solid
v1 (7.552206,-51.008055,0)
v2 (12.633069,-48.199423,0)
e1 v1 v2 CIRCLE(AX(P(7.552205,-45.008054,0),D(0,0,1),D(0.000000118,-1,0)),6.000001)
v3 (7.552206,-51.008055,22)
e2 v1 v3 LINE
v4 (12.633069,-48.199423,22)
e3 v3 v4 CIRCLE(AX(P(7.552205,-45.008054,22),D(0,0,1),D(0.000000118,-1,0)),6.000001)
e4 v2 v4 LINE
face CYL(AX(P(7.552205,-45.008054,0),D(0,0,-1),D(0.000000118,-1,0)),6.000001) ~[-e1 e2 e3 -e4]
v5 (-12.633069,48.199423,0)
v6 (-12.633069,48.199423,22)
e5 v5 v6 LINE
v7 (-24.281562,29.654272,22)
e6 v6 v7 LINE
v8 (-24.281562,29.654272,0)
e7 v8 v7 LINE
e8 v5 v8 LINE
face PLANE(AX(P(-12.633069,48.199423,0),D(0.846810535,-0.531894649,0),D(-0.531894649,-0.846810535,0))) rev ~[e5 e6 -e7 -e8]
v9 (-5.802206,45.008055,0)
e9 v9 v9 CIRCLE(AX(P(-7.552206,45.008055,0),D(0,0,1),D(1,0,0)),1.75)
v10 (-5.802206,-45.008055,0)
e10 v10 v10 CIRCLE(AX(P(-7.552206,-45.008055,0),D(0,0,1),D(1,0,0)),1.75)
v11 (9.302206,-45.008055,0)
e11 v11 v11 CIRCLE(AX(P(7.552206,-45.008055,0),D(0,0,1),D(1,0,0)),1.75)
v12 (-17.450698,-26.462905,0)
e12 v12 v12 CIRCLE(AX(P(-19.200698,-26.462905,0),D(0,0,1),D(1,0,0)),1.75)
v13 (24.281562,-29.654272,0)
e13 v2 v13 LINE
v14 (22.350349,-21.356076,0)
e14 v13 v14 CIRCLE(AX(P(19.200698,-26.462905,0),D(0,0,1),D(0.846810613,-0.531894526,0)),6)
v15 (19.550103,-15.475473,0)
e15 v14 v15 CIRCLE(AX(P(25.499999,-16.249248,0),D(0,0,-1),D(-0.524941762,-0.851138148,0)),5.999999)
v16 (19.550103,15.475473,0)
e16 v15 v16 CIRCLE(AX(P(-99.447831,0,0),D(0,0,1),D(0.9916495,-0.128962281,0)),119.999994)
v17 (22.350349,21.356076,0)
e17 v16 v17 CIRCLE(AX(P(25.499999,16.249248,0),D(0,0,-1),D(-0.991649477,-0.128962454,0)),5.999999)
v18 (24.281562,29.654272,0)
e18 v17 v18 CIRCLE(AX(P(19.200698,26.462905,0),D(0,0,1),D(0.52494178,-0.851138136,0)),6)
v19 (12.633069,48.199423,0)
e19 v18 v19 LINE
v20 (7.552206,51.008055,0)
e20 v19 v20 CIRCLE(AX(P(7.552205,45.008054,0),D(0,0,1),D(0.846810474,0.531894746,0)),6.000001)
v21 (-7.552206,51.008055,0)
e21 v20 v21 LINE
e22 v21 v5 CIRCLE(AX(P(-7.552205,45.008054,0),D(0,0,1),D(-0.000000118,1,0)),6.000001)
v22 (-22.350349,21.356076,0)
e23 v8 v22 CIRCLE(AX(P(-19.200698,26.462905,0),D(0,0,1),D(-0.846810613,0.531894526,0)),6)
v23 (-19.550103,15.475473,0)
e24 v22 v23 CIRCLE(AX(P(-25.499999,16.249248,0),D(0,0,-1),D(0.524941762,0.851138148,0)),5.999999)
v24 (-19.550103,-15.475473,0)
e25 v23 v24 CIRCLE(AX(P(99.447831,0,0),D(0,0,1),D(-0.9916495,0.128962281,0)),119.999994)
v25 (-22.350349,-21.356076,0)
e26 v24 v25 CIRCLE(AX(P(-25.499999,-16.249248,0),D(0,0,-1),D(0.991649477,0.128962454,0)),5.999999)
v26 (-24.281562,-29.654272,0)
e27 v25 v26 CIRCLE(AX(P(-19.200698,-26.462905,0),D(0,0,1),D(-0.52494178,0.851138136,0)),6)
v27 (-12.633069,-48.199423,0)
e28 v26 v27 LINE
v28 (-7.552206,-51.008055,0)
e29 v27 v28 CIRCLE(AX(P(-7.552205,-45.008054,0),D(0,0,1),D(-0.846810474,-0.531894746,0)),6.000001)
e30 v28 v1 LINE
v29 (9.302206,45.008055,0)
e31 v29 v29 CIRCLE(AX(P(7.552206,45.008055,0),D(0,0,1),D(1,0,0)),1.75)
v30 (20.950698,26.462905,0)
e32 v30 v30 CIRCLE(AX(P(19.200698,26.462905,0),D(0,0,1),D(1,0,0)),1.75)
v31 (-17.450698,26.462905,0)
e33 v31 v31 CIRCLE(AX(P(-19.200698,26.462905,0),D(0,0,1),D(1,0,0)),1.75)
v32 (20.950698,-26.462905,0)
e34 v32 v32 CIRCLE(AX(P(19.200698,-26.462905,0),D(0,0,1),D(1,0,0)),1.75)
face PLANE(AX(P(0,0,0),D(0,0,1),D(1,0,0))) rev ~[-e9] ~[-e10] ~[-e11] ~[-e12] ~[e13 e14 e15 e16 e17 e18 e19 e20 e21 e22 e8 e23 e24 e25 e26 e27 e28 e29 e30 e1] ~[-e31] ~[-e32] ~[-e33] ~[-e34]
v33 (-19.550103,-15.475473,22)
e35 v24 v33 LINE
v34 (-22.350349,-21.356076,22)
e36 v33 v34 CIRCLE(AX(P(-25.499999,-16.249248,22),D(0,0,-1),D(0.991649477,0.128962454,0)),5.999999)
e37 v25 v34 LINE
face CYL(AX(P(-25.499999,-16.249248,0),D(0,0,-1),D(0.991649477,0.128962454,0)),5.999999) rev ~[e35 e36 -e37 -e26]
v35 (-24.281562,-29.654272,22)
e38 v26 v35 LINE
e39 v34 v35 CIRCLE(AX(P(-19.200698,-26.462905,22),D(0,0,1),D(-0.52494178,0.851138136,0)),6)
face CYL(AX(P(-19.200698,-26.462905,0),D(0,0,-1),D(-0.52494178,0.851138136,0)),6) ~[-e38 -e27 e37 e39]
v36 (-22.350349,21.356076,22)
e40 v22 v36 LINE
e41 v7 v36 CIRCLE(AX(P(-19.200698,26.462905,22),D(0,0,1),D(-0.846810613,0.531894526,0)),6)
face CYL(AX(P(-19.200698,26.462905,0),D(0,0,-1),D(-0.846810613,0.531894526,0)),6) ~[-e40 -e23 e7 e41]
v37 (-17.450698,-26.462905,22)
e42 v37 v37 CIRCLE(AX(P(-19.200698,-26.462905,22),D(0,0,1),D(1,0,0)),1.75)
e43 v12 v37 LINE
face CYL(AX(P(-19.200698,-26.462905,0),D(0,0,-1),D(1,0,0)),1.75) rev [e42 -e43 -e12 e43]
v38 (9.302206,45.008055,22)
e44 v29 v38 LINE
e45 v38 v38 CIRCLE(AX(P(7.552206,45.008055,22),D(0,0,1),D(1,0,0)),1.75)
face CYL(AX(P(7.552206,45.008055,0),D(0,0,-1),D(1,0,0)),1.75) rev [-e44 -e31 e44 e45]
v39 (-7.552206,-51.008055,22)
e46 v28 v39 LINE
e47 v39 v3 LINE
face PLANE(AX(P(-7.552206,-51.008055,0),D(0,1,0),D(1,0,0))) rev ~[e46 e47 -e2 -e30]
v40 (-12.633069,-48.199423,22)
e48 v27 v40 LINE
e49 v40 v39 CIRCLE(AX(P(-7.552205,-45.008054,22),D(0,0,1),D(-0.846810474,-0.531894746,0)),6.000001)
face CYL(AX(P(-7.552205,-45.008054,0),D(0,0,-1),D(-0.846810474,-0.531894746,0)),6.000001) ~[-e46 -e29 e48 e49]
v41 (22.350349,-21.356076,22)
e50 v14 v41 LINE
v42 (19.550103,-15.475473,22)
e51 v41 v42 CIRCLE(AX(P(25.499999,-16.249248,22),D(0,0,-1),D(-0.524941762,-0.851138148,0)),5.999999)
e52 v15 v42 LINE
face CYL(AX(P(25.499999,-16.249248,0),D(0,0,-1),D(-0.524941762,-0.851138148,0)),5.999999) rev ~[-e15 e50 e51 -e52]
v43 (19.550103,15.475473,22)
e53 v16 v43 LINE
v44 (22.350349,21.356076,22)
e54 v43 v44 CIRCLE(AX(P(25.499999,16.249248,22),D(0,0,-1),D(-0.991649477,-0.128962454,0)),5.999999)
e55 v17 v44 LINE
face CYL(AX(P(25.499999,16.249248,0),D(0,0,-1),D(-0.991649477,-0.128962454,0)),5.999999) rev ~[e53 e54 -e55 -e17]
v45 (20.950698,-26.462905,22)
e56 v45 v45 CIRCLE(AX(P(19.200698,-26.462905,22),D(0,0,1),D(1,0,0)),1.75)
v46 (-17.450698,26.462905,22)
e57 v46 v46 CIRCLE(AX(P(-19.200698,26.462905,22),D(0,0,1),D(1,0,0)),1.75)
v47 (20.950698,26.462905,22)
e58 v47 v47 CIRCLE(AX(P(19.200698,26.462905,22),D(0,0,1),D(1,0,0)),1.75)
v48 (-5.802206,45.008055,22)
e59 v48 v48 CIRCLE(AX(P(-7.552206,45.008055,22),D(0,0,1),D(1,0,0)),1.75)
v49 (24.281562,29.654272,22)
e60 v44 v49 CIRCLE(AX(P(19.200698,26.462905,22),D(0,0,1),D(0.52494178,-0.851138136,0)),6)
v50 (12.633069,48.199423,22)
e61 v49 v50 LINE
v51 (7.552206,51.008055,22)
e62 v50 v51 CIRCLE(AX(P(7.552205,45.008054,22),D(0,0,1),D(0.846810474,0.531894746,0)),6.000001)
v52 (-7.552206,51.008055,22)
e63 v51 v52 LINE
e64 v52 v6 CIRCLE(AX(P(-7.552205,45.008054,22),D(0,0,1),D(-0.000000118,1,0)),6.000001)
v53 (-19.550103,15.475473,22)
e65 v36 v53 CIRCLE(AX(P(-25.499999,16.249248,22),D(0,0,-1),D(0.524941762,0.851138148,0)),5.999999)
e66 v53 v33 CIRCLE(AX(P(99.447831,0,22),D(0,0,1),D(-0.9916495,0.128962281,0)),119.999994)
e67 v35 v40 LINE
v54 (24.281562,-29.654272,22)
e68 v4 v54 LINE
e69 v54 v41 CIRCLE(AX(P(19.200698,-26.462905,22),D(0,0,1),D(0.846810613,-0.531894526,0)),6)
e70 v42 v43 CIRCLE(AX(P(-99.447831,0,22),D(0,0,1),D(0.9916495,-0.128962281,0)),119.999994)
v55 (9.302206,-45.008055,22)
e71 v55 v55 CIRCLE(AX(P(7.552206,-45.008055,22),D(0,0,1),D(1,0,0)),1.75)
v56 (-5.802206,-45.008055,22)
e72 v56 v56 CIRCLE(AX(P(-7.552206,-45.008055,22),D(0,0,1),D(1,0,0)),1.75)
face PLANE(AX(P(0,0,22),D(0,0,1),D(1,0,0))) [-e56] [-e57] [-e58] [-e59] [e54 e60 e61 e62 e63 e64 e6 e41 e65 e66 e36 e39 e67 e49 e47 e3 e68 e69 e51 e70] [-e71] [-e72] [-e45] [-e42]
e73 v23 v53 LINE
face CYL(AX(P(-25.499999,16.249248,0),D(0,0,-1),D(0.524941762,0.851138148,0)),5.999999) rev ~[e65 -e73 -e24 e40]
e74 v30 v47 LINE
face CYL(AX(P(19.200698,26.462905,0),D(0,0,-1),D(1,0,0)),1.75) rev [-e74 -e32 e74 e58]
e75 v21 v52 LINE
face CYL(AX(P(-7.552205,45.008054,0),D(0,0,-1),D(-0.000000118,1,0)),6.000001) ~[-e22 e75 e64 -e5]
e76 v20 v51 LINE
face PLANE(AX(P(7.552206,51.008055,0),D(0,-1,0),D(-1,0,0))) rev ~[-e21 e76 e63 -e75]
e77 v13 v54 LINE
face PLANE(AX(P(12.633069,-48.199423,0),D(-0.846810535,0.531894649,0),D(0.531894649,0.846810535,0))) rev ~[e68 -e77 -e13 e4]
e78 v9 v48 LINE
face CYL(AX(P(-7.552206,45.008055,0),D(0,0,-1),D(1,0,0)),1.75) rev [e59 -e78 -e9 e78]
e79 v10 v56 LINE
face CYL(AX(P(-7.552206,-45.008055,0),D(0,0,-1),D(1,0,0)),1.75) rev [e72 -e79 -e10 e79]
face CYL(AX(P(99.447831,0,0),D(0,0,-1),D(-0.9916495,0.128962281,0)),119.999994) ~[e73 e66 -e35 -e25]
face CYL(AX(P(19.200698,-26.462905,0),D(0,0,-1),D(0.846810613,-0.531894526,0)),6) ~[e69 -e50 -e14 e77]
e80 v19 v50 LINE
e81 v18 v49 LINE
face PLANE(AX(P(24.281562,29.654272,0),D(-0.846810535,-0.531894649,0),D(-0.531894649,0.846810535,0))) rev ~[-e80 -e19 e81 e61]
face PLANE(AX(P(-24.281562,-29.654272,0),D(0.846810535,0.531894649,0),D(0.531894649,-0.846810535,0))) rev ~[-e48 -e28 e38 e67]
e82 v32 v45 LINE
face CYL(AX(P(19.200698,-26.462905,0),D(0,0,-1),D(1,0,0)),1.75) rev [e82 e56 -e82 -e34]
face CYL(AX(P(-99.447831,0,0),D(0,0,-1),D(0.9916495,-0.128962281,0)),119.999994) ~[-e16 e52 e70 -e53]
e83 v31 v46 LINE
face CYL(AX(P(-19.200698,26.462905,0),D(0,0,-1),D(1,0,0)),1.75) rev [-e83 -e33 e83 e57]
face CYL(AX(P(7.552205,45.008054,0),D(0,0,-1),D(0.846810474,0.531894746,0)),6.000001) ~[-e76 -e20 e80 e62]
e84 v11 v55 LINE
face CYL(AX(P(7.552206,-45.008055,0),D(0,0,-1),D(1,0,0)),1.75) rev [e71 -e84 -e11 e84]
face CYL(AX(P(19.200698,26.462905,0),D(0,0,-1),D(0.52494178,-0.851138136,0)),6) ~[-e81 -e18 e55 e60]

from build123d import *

# Parameters (mm, degrees)
F2_R     = 1.75
F3_DEPTH = 22


with BuildPart() as f3:
    # F2 (on Top) → F3 (new body)
    with BuildSketch(Plane.XY):
        with BuildLine():
            ThreePointArc((-22.350349, -21.356076), (-25.044529, -25.102889), (-24.281562, -29.654272))
            Line((-24.281562, -29.654272), (-12.633069, -48.199423))
            ThreePointArc((-12.633069, -48.199423), (-10.454945, -50.25916), (-7.552206, -51.008055))
            Line((-7.552206, -51.008055), (7.552206, -51.008055))
            ThreePointArc((7.552206, -51.008055), (10.454945, -50.25916), (12.633069, -48.199423))
            Line((12.633069, -48.199423), (24.281562, -29.654272))
            ThreePointArc((24.281562, -29.654272), (25.044529, -25.102889), (22.350349, -21.356076))
            ThreePointArc((22.350349, -21.356076), (20.082822, -18.828818), (19.550103, -15.475473))
            ThreePointArc((19.550103, -15.475473), (20.552163, 0), (19.550103, 15.475473))
            ThreePointArc((19.550103, 15.475473), (20.082822, 18.828818), (22.350349, 21.356076))
            ThreePointArc((22.350349, 21.356076), (25.044529, 25.102889), (24.281562, 29.654272))
            Line((24.281562, 29.654272), (12.633069, 48.199423))
            ThreePointArc((12.633069, 48.199423), (10.454945, 50.25916), (7.552206, 51.008055))
            Line((7.552206, 51.008055), (-7.552206, 51.008055))
            ThreePointArc((-7.552206, 51.008055), (-10.454945, 50.25916), (-12.633069, 48.199423))
            Line((-12.633069, 48.199423), (-24.281562, 29.654272))
            ThreePointArc((-24.281562, 29.654272), (-25.044529, 25.102889), (-22.350349, 21.356076))
            ThreePointArc((-22.350349, 21.356076), (-20.082822, 18.828818), (-19.550103, 15.475473))
            ThreePointArc((-19.550103, 15.475473), (-20.552163, 0), (-19.550103, -15.475473))
            ThreePointArc((-19.550103, -15.475473), (-20.082822, -18.828818), (-22.350349, -21.356076))
        make_face()
        with Locations((-19.200698, -26.462905)):
            Circle(F2_R, mode=Mode.SUBTRACT)
        with Locations((-7.552206, -45.008055)):
            Circle(F2_R, mode=Mode.SUBTRACT)
        with Locations((7.552206, -45.008055)):
            Circle(F2_R, mode=Mode.SUBTRACT)
        with Locations((19.200698, -26.462905)):
            Circle(F2_R, mode=Mode.SUBTRACT)
        with Locations((-19.200698, 26.462905)):
            Circle(F2_R, mode=Mode.SUBTRACT)
        with Locations((-7.552206, 45.008055)):
            Circle(F2_R, mode=Mode.SUBTRACT)
        with Locations((7.552206, 45.008055)):
            Circle(F2_R, mode=Mode.SUBTRACT)
        with Locations((19.200698, 26.462905)):
            Circle(F2_R, mode=Mode.SUBTRACT)
    extrude(amount=F3_DEPTH)


solid = f3.part
